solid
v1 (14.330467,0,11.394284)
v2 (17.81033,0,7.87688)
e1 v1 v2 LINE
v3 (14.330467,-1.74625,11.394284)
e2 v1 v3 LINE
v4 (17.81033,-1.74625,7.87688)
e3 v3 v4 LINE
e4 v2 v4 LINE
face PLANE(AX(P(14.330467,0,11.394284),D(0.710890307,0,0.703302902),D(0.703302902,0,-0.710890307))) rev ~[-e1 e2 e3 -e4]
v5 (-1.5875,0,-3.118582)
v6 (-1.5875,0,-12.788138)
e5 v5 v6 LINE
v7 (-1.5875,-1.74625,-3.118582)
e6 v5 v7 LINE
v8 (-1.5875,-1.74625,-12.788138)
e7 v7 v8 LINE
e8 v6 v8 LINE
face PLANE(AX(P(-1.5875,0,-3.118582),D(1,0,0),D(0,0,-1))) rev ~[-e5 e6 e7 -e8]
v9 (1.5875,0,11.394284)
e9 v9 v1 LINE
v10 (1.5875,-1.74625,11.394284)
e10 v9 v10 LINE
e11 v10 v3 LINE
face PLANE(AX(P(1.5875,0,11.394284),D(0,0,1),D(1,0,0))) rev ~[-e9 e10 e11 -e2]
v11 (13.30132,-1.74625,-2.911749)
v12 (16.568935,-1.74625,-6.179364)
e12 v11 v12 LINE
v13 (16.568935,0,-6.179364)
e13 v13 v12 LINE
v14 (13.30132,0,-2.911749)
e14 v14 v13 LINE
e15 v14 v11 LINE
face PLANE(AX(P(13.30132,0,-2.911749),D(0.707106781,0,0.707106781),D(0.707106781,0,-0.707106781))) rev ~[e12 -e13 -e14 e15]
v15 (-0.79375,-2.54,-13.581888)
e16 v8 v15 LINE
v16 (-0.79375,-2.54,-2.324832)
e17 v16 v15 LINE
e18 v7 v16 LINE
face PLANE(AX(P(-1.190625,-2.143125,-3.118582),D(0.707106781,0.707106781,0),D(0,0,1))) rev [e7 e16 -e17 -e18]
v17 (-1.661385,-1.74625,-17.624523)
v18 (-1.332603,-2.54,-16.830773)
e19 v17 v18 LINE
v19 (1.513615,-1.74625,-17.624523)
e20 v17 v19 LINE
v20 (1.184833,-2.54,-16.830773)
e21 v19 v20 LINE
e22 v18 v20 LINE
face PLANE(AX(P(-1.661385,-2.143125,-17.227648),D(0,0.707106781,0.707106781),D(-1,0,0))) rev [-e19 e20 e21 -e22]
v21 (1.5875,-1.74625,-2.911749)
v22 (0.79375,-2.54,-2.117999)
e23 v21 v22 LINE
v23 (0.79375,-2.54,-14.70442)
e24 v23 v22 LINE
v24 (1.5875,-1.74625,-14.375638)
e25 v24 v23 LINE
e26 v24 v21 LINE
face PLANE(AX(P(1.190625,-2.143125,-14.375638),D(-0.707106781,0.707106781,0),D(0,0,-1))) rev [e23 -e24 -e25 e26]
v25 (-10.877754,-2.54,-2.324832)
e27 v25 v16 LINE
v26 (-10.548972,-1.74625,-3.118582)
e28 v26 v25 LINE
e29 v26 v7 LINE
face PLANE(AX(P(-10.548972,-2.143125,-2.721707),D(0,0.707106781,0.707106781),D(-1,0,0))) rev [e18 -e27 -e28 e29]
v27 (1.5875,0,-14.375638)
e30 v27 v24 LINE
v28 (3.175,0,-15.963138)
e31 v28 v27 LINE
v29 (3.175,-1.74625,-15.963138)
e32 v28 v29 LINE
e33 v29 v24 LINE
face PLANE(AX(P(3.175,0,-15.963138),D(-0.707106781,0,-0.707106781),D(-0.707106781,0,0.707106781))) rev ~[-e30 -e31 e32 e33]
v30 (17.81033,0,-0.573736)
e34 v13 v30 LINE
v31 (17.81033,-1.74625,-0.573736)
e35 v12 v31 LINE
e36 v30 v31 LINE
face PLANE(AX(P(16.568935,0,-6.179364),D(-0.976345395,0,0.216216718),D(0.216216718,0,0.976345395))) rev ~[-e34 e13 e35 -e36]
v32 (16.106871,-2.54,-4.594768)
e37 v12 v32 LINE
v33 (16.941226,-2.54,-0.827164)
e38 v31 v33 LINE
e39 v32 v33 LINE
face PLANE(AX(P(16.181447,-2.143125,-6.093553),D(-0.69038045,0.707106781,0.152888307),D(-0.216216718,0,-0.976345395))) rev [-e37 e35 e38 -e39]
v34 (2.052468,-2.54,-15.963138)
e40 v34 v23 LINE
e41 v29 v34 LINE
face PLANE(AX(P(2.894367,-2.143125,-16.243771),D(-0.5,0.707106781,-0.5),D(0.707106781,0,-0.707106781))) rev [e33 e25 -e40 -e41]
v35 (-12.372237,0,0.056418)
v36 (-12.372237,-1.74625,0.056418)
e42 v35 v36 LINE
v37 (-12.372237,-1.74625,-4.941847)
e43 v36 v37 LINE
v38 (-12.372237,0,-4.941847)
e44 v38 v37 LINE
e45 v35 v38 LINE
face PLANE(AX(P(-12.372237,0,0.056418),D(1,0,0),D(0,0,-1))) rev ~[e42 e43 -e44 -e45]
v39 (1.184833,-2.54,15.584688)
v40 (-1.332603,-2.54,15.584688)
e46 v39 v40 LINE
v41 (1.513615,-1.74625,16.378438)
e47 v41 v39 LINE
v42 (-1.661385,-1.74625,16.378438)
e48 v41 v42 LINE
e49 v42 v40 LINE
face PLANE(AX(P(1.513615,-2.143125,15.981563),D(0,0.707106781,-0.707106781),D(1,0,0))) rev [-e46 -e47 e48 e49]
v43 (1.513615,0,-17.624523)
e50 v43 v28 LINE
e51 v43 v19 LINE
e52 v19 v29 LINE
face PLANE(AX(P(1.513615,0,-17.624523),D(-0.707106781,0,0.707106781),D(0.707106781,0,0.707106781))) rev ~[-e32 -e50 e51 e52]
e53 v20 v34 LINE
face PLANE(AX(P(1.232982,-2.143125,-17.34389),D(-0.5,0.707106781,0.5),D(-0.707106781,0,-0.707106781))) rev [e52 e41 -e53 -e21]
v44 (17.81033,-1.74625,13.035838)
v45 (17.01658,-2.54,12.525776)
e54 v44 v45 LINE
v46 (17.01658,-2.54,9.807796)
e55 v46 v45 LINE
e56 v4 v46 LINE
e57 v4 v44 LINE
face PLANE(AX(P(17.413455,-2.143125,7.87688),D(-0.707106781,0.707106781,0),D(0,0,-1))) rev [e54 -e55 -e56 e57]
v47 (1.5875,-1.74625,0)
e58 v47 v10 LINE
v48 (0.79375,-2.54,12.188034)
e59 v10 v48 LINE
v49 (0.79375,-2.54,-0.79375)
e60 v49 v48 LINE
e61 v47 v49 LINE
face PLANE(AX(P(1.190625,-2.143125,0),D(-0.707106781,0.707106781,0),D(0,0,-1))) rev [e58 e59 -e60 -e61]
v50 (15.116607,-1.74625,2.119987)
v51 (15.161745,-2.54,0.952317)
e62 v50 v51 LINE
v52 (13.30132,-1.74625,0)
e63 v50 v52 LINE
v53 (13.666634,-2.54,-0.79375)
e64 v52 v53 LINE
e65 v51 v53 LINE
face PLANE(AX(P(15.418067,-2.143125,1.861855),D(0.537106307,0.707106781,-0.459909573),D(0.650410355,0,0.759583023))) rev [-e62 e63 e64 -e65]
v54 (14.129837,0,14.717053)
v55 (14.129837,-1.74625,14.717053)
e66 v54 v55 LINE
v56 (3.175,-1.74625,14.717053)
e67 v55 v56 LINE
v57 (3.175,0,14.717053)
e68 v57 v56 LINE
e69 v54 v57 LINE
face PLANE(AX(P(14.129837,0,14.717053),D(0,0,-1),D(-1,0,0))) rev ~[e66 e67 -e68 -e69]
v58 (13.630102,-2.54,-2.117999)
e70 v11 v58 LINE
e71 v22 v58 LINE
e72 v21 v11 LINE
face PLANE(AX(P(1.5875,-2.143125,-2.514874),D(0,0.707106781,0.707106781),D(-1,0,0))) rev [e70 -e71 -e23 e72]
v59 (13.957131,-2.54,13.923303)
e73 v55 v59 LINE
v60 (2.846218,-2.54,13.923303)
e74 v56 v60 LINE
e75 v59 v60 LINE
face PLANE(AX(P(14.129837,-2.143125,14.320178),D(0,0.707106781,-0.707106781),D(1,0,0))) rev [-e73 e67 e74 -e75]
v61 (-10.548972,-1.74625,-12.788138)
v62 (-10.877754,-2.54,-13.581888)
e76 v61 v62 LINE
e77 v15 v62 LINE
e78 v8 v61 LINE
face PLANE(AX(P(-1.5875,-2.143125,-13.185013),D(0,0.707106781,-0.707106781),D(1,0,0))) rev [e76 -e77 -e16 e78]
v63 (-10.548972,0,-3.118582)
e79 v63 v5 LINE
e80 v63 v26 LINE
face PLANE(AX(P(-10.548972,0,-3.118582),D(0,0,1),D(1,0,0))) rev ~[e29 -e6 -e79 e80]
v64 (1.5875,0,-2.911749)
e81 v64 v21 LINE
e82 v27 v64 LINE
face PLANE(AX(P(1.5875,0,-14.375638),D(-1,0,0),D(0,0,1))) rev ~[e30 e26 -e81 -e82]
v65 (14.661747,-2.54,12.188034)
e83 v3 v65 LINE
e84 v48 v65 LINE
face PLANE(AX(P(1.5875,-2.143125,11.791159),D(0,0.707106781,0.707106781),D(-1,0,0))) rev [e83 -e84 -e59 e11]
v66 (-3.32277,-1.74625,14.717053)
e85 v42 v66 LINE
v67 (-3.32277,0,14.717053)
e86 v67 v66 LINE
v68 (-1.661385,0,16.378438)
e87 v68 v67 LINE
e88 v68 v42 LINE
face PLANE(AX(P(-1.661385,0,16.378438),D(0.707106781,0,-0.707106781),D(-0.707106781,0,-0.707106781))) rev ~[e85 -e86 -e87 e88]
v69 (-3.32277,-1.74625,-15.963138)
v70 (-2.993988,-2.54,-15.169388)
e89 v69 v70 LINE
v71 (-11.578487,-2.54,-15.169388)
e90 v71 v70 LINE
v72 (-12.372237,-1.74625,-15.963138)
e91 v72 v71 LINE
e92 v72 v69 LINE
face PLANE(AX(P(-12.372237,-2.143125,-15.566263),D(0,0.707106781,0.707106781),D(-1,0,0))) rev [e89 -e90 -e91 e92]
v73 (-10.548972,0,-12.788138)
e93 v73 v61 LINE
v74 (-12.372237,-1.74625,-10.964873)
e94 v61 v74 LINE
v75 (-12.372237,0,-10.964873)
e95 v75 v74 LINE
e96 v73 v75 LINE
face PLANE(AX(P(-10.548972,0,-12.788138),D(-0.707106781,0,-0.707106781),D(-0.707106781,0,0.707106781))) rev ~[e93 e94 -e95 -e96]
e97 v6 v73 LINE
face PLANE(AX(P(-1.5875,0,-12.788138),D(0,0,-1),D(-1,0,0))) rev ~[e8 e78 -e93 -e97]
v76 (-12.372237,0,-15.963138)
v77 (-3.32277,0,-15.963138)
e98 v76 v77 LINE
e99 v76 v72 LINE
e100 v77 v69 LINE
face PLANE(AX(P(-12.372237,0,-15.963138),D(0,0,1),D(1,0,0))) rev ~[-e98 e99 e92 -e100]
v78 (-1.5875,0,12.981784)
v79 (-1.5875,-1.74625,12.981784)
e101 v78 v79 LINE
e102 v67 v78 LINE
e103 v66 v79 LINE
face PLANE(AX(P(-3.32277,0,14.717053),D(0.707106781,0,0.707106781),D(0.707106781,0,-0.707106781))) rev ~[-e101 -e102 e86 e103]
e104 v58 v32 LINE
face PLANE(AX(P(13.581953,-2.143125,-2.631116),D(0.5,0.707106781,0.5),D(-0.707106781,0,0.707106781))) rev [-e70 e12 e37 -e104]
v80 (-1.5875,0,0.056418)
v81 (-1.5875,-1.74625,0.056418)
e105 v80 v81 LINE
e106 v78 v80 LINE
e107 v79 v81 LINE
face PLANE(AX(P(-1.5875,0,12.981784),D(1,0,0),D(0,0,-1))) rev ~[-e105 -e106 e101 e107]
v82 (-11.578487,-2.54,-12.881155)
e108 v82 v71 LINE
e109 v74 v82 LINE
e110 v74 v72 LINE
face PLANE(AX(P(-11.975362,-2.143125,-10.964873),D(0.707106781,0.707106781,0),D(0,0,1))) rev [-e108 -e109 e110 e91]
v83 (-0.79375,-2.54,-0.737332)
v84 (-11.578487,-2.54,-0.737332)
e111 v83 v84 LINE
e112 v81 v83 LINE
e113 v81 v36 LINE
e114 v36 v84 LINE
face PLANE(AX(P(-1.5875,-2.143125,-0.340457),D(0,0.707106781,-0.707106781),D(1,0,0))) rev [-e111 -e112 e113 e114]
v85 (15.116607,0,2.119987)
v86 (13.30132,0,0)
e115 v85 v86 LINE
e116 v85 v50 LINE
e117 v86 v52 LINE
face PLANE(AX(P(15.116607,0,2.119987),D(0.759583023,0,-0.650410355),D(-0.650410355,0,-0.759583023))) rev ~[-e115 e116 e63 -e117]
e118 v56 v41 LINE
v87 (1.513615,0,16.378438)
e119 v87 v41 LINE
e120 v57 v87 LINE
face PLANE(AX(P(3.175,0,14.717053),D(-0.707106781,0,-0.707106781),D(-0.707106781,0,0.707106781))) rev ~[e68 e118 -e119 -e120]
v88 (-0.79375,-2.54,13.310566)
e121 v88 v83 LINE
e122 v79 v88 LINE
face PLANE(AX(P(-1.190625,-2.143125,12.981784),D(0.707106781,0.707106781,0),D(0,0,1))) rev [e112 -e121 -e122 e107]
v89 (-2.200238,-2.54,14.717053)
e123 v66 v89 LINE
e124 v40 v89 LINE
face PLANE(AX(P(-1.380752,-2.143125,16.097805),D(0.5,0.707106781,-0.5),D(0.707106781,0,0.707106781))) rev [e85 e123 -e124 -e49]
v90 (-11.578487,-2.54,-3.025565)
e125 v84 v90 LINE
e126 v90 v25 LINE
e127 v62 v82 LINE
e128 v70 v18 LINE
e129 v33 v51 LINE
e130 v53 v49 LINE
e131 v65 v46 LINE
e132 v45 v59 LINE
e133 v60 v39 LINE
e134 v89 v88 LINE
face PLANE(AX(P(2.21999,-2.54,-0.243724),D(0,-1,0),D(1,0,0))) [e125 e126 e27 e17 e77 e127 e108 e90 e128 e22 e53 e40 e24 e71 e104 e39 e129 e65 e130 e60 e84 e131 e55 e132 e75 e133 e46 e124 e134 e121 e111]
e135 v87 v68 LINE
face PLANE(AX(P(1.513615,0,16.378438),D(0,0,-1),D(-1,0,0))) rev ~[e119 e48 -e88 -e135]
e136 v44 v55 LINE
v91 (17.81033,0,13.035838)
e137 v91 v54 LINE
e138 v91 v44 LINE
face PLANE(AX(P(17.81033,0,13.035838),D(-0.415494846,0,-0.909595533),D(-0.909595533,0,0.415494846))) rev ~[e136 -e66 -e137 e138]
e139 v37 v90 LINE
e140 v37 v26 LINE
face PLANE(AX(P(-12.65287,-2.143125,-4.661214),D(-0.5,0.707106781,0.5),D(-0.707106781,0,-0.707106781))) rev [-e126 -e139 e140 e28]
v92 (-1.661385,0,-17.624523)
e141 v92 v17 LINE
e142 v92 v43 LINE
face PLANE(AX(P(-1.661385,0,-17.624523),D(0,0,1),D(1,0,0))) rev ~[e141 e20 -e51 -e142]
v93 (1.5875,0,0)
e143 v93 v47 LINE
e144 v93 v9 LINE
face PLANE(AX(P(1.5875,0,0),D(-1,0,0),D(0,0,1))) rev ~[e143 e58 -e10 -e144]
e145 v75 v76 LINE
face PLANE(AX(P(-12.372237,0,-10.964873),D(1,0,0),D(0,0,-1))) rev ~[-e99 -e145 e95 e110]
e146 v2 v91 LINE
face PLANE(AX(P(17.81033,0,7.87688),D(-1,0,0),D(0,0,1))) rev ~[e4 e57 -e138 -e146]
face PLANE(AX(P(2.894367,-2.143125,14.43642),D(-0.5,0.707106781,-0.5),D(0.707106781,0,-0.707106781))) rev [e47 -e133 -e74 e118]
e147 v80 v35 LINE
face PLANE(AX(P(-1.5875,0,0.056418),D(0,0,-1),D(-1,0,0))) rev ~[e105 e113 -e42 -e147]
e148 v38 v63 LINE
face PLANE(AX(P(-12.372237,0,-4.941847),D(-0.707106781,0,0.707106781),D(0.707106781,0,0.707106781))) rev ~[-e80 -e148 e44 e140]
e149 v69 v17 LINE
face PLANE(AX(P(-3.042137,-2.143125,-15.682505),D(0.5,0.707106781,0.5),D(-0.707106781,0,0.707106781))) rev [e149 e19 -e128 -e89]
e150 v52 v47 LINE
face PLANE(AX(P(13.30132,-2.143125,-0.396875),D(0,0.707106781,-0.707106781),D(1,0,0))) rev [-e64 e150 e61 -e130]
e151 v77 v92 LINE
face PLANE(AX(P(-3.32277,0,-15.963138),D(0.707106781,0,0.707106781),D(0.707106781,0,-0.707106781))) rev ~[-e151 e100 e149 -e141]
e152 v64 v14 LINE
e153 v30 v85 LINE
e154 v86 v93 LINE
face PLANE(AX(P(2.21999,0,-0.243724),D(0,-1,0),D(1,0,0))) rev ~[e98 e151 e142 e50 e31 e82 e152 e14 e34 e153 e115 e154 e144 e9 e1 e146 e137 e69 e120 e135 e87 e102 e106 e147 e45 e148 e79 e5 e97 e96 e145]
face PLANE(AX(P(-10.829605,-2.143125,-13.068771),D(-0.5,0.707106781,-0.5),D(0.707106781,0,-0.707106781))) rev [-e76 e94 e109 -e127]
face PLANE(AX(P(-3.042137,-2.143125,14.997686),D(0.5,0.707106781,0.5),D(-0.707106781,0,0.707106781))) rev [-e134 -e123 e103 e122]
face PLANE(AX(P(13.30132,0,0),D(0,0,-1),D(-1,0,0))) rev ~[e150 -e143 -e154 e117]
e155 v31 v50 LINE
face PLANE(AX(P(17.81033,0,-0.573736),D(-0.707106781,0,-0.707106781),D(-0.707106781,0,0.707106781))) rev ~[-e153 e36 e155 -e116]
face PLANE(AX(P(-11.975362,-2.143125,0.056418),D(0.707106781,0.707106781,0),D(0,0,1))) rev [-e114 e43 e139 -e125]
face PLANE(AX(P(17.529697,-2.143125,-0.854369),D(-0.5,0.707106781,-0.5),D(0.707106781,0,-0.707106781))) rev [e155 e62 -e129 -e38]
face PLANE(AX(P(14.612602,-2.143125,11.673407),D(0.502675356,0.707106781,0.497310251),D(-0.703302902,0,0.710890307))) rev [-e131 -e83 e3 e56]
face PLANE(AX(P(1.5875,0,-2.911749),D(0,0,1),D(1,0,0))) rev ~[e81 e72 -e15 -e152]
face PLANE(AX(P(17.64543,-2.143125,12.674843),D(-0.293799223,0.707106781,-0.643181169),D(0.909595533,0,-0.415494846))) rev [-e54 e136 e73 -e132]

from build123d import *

# Parameters (mm, degrees)
F1_DEPTH = 5.08
F2_SIZE  = 1.5875
F3_SCALE = 0.5


with BuildPart() as f1:
    # F0 (on Front) → F1 (new body)
    with BuildSketch(Plane.XZ):
        Polygon((-6.6455395231, 29.4341069916), (-3.175, 25.9635674685), (-3.175, 0.1128360473), (-24.7444733058, 0.1128360473), (-24.7444733058, -9.883693457), (-21.0979438016, -6.2371639527), (-3.175, -6.2371639527), (-3.175, -25.5762760587), (-21.0979438016, -25.5762760587), (-24.7444733058, -21.9297465545), (-24.7444733058, -31.9262760587), (-22.1278171024, -31.9262760587), (-6.6455395231, -31.9262760587), (-3.3227697615, -35.2490458202), (3.0272302385, -35.2490458202), (6.35, -31.9262760587), (3.175, -28.7512760587), (3.175, -5.8234985377), (26.6026397626, -5.8234985377), (33.1378690898, -12.3587278649), (35.6206595898, -1.1474714229), (30.2332143891, 4.2399737777), (26.6026397626, 0), (3.175, 0), (3.175, 22.7885674685), (28.6609344184, 22.7885674685), (35.6206595898, 15.7537590712), (35.6206595898, 26.0716768982), (28.2596744327, 29.4341069916), (6.35, 29.4341069916), (3.0272302385, 32.7568767531), (-3.3227697615, 32.7568767531), align=None)
    extrude(amount=F1_DEPTH)

    # F2
    f2_edges = [f1.edges().sort_by_distance(p)[0] for p in [
        (17.304837, -5.08, 29.434107),
        (4.688615, -5.08, 31.095492),
        (-0.14777, -5.08, 32.756877),
        (-4.984155, -5.08, 31.095492),
        (-4.91027, -5.08, 27.698837),
        (-3.175, -5.08, 13.038202),
        (-13.959737, -5.08, 0.112836),
        (-24.744473, -5.08, -4.885429),
        (-22.921209, -5.08, -8.060429),
        (-12.136472, -5.08, -6.237164),
        (-3.175, -5.08, -15.90672),
        (-12.136472, -5.08, -25.576276),
        (-22.921209, -5.08, -23.753011),
        (-24.744473, -5.08, -26.928011),
        (-15.695006, -5.08, -31.926276),
        (-4.984155, -5.08, -33.587661),
        (-0.14777, -5.08, -35.249046),
        (4.688615, -5.08, -33.587661),
        (4.7625, -5.08, -30.338776),
        (3.175, -5.08, -17.287387),
        (14.88882, -5.08, -5.823499),
        (29.870254, -5.08, -9.091113),
        (34.379264, -5.08, -6.7531),
        (32.926937, -5.08, 1.546251),
        (28.417927, -5.08, 2.119987),
        (14.88882, -5.08, 0),
        (3.175, -5.08, 11.394284),
        (15.917967, -5.08, 22.788567),
        (32.140797, -5.08, 19.271163),
        (35.62066, -5.08, 20.912718),
        (31.940167, -5.08, 27.752892),
    ]]
    chamfer(f2_edges, length=F2_SIZE)


with BuildPart() as f1_1:
    # F3: moved
    add(f1.part.scale(F3_SCALE))


solid = f1_1.part
